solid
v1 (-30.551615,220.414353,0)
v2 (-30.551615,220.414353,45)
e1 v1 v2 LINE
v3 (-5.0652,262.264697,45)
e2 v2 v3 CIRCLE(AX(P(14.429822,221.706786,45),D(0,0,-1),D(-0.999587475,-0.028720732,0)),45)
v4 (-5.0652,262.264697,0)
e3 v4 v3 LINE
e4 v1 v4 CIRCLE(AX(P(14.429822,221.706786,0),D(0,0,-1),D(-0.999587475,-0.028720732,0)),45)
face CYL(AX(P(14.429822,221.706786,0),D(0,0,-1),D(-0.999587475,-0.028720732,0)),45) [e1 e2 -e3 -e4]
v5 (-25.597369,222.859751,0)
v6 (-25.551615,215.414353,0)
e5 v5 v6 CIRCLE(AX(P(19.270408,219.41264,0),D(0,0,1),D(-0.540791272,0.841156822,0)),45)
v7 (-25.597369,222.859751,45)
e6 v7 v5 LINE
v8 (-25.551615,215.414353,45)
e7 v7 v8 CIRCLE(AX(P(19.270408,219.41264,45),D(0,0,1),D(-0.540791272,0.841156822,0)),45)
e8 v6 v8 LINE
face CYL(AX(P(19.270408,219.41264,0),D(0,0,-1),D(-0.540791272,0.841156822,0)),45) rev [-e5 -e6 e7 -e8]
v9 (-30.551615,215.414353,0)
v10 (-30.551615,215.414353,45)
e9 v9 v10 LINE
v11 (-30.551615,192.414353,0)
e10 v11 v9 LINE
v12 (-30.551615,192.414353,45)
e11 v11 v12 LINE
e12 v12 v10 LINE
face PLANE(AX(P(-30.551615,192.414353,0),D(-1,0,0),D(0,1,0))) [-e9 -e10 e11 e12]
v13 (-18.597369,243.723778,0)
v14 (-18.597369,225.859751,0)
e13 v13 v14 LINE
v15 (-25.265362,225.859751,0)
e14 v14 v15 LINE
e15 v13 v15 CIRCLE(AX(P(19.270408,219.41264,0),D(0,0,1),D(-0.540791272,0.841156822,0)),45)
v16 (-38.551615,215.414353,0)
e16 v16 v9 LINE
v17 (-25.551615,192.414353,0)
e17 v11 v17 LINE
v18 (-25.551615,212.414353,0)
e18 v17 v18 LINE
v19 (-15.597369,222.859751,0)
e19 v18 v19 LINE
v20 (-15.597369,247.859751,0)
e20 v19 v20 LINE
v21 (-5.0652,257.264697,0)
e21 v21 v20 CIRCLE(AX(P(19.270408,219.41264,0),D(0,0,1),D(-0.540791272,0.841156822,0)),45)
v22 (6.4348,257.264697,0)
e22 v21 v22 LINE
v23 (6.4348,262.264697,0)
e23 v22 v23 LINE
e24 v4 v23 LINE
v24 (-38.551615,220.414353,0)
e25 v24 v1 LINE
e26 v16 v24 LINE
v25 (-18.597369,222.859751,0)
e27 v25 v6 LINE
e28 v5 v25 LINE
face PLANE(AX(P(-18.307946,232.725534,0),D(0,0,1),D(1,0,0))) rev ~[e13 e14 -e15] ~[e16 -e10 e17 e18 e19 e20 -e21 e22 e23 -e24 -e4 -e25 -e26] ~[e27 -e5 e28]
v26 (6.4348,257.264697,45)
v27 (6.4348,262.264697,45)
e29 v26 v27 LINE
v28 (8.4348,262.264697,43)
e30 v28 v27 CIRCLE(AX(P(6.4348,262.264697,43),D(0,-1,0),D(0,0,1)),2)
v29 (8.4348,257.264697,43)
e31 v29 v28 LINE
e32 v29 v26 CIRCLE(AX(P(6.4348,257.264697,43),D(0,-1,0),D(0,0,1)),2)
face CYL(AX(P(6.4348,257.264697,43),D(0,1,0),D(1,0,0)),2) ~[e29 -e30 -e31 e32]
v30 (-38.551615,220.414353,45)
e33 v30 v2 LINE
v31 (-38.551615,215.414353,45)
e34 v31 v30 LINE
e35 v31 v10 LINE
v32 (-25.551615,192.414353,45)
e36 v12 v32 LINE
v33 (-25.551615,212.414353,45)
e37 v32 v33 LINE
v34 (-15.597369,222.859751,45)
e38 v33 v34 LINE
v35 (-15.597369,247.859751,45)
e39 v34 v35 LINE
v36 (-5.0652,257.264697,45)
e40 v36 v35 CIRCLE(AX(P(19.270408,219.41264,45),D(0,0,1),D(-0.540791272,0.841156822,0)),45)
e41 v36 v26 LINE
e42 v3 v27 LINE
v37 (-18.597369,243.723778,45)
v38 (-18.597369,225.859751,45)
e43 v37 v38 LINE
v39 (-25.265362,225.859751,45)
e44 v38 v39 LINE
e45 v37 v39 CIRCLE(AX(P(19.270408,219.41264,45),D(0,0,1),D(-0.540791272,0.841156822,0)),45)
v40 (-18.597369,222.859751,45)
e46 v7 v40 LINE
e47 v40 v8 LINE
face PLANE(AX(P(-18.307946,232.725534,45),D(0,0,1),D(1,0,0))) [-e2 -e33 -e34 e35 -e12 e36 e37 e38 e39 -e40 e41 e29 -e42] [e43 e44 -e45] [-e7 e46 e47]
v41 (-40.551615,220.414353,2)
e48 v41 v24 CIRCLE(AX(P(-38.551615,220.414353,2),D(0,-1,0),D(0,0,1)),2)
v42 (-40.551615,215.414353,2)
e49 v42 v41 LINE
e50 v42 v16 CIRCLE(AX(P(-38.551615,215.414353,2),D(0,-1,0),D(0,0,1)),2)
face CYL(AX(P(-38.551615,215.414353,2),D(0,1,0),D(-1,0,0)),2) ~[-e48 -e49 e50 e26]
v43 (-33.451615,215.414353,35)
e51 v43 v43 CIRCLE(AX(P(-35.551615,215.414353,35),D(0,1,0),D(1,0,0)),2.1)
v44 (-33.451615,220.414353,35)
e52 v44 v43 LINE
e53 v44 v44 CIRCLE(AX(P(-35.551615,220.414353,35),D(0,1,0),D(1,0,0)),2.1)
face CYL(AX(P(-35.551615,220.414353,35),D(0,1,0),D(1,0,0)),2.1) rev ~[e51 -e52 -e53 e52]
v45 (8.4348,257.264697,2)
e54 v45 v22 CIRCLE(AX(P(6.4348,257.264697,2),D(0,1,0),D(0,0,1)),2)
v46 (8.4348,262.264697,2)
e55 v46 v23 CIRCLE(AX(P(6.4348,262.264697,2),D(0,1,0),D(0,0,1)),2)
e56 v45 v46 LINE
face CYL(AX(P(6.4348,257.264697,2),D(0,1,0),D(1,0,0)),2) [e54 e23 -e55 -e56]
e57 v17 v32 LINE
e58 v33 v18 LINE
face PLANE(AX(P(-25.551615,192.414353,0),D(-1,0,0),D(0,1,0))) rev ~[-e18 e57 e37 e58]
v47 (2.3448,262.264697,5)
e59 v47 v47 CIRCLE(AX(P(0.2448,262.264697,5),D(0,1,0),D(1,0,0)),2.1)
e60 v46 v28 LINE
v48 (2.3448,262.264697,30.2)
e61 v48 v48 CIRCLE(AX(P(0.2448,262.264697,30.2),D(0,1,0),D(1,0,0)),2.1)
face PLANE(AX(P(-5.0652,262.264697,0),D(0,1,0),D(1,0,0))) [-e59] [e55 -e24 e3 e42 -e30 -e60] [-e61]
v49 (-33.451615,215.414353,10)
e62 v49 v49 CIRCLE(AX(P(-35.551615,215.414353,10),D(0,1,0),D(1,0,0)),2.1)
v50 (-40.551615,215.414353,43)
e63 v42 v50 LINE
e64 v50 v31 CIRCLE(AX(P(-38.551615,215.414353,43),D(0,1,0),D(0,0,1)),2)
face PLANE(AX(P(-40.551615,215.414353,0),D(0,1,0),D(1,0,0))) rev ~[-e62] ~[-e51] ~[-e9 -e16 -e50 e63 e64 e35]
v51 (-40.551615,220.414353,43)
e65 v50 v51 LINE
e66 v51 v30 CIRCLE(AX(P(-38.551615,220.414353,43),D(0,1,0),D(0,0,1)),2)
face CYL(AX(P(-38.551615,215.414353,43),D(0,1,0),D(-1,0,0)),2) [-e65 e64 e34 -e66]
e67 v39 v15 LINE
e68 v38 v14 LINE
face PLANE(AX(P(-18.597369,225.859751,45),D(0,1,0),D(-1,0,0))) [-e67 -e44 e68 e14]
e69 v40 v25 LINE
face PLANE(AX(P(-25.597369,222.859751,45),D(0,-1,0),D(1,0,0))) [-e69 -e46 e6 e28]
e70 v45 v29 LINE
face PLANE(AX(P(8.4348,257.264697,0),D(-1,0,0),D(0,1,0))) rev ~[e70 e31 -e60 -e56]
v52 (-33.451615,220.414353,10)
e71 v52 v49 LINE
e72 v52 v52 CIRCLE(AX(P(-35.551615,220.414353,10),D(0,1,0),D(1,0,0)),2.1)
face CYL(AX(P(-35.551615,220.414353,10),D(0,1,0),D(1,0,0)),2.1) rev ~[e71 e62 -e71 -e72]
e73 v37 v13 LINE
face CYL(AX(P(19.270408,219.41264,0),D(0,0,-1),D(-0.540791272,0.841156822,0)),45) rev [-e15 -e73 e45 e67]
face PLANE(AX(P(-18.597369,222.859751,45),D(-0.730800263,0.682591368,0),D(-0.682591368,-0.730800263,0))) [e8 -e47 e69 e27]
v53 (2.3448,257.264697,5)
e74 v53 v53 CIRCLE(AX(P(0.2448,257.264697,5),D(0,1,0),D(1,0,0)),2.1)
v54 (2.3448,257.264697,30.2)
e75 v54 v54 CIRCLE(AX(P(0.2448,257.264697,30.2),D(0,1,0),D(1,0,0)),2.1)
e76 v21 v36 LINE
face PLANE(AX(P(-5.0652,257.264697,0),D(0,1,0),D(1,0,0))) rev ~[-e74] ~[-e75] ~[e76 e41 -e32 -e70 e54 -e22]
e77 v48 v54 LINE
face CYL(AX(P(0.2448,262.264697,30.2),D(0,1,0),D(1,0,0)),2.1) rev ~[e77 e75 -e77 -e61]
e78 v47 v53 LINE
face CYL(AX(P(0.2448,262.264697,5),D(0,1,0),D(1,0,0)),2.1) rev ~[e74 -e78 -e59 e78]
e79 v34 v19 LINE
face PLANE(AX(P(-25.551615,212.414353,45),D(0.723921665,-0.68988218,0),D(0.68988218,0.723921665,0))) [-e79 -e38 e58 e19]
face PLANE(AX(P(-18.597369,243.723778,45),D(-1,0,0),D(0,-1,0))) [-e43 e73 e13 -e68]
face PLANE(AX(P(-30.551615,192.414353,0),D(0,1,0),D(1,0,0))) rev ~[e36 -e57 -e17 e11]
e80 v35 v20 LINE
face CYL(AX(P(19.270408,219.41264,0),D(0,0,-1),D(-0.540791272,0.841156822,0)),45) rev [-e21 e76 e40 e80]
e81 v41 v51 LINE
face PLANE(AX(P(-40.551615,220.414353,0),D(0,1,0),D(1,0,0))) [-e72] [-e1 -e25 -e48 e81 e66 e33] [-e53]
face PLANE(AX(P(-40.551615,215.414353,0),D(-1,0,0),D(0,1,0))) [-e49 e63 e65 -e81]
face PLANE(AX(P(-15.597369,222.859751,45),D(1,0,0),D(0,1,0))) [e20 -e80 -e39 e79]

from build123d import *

# Parameters (mm, degrees)
SKETCH3_W           = 13.5
SKETCH3_H           = 5
SKETCH3_W_2         = 10
SKETCH3_W_3         = 5
SKETCH3_H_2         = 23
BOSS_EXTRUDE1_DEPTH = 45
FILLET1_R           = 2
SKETCH5_R           = 2.1
CUT_EXTRUDE2_DEPTH  = 45
SKETCH6_R           = 2.1
CUT_EXTRUDE3_DEPTH  = 45
SKETCH7_W           = 8.210459319
SKETCH7_H           = 32.58724939
BOSS_EXTRUDE2_DEPTH = 5
SKETCH8_R           = 2.1
CUT_EXTRUDE5_DEPTH  = 45
BOSS_EXTRUDE3_DEPTH = 45


with BuildPart() as part:
    # Sketch3 → Boss-Extrude1 (new body)
    with BuildSketch(Plane.XY):
        with BuildLine():
            ThreePointArc((-5.06519953, 257.264696919), (-21.146881422, 239.197551787), (-25.551614771, 215.414352888))
            Line((-25.551614771, 215.414352888), (-30.551614771, 215.414352888))
            Line((-30.551614771, 215.414352888), (-30.551614771, 220.414352888))
            ThreePointArc((-30.551614771, 220.414352888), (-24.004098535, 245.112635185), (-5.06519953, 262.264696919))
            Line((-5.06519953, 262.264696919), (-5.06519953, 257.264696919))
        make_face()
        with Locations((1.68480047, 259.764696919)):
            Rectangle(SKETCH3_W, SKETCH3_H)
        with Locations((-35.551614771, 217.914352888)):
            Rectangle(SKETCH3_W_2, SKETCH3_H)
        with Locations((-28.051614771, 203.914352888)):
            Rectangle(SKETCH3_W_3, SKETCH3_H_2)
    extrude(amount=BOSS_EXTRUDE1_DEPTH)

    # Fillet1
    fillet1_edges = [part.edges().sort_by_distance(p)[0] for p in [
        (-40.551614771, 217.914352888, 0),
        (8.43480047, 259.764696919, 45),
        (8.43480047, 259.764696919, 0),
        (-40.551614771, 217.914352888, 45),
    ]]
    fillet(fillet1_edges, radius=FILLET1_R)

    # Sketch5 → Cut-Extrude2 (cut)
    with BuildSketch(Plane(origin=(0, 262.264696919, 0), x_dir=(1, 0, 0), z_dir=(0, 1, 0))):
        with Locations((0.24480047, -40)):
            Circle(SKETCH5_R)
        with Locations((0.24480047, -14.8)):
            Circle(SKETCH5_R)
    extrude(amount=-CUT_EXTRUDE2_DEPTH, mode=Mode.SUBTRACT)

    # Sketch6 → Cut-Extrude3 (cut)
    with BuildSketch(Plane(origin=(0, 220.414352888, 0), x_dir=(1, 0, 0), z_dir=(0, 1, 0))):
        with Locations((-35.551614771, -10)):
            Circle(SKETCH6_R)
        with Locations((-35.551614771, -35)):
            Circle(SKETCH6_R)
    extrude(amount=-CUT_EXTRUDE3_DEPTH, mode=Mode.SUBTRACT)

    # Sketch7 → Boss-Extrude2 (add)
    with BuildSketch(Plane(origin=(0, 262.264696919, 0), x_dir=(1, 0, 0), z_dir=(0, 1, 0))):
        with Locations((1.09445166, -26.923464517)):
            Rectangle(SKETCH7_W, SKETCH7_H)
    extrude(amount=-BOSS_EXTRUDE2_DEPTH)

    # Sketch8 → Cut-Extrude5 (cut)
    with BuildSketch(Plane(origin=(0, 262.264696919, 0), x_dir=(1, 0, 0), z_dir=(0, 1, 0))):
        with Locations((0.24480047, -5)):
            Circle(SKETCH8_R)
        with Locations((0.24480047, -30.2)):
            Circle(SKETCH8_R)
    extrude(amount=-CUT_EXTRUDE5_DEPTH, mode=Mode.SUBTRACT)

    # Sketch9 → Boss-Extrude3 (add, through all)
    with BuildSketch(Plane.XY.offset(45)):
        with BuildLine():
            ThreePointArc((-25.265361734, 225.859750777), (-25.456525287, 224.362535182), (-25.597369426, 222.859750777))
            Line((-25.597369426, 222.859750777), (-18.597369426, 222.859750777))
            Line((-18.597369426, 222.859750777), (-15.597369426, 222.859750777))
            Line((-15.597369426, 222.859750777), (-15.597369426, 247.859750777))
            ThreePointArc((-15.597369426, 247.859750777), (-17.156118075, 245.834377519), (-18.597369426, 243.72377838))
            Line((-18.597369426, 243.72377838), (-18.597369426, 225.859750777))
            Line((-18.597369426, 225.859750777), (-25.265361734, 225.859750777))
        make_face()
        Polygon((-15.597369426, 222.859750777), (-18.597369426, 222.859750777), (-25.551614771, 215.414352888), (-25.551614771, 212.414352888), align=None)
    extrude(amount=-BOSS_EXTRUDE3_DEPTH)


solid = part.part
